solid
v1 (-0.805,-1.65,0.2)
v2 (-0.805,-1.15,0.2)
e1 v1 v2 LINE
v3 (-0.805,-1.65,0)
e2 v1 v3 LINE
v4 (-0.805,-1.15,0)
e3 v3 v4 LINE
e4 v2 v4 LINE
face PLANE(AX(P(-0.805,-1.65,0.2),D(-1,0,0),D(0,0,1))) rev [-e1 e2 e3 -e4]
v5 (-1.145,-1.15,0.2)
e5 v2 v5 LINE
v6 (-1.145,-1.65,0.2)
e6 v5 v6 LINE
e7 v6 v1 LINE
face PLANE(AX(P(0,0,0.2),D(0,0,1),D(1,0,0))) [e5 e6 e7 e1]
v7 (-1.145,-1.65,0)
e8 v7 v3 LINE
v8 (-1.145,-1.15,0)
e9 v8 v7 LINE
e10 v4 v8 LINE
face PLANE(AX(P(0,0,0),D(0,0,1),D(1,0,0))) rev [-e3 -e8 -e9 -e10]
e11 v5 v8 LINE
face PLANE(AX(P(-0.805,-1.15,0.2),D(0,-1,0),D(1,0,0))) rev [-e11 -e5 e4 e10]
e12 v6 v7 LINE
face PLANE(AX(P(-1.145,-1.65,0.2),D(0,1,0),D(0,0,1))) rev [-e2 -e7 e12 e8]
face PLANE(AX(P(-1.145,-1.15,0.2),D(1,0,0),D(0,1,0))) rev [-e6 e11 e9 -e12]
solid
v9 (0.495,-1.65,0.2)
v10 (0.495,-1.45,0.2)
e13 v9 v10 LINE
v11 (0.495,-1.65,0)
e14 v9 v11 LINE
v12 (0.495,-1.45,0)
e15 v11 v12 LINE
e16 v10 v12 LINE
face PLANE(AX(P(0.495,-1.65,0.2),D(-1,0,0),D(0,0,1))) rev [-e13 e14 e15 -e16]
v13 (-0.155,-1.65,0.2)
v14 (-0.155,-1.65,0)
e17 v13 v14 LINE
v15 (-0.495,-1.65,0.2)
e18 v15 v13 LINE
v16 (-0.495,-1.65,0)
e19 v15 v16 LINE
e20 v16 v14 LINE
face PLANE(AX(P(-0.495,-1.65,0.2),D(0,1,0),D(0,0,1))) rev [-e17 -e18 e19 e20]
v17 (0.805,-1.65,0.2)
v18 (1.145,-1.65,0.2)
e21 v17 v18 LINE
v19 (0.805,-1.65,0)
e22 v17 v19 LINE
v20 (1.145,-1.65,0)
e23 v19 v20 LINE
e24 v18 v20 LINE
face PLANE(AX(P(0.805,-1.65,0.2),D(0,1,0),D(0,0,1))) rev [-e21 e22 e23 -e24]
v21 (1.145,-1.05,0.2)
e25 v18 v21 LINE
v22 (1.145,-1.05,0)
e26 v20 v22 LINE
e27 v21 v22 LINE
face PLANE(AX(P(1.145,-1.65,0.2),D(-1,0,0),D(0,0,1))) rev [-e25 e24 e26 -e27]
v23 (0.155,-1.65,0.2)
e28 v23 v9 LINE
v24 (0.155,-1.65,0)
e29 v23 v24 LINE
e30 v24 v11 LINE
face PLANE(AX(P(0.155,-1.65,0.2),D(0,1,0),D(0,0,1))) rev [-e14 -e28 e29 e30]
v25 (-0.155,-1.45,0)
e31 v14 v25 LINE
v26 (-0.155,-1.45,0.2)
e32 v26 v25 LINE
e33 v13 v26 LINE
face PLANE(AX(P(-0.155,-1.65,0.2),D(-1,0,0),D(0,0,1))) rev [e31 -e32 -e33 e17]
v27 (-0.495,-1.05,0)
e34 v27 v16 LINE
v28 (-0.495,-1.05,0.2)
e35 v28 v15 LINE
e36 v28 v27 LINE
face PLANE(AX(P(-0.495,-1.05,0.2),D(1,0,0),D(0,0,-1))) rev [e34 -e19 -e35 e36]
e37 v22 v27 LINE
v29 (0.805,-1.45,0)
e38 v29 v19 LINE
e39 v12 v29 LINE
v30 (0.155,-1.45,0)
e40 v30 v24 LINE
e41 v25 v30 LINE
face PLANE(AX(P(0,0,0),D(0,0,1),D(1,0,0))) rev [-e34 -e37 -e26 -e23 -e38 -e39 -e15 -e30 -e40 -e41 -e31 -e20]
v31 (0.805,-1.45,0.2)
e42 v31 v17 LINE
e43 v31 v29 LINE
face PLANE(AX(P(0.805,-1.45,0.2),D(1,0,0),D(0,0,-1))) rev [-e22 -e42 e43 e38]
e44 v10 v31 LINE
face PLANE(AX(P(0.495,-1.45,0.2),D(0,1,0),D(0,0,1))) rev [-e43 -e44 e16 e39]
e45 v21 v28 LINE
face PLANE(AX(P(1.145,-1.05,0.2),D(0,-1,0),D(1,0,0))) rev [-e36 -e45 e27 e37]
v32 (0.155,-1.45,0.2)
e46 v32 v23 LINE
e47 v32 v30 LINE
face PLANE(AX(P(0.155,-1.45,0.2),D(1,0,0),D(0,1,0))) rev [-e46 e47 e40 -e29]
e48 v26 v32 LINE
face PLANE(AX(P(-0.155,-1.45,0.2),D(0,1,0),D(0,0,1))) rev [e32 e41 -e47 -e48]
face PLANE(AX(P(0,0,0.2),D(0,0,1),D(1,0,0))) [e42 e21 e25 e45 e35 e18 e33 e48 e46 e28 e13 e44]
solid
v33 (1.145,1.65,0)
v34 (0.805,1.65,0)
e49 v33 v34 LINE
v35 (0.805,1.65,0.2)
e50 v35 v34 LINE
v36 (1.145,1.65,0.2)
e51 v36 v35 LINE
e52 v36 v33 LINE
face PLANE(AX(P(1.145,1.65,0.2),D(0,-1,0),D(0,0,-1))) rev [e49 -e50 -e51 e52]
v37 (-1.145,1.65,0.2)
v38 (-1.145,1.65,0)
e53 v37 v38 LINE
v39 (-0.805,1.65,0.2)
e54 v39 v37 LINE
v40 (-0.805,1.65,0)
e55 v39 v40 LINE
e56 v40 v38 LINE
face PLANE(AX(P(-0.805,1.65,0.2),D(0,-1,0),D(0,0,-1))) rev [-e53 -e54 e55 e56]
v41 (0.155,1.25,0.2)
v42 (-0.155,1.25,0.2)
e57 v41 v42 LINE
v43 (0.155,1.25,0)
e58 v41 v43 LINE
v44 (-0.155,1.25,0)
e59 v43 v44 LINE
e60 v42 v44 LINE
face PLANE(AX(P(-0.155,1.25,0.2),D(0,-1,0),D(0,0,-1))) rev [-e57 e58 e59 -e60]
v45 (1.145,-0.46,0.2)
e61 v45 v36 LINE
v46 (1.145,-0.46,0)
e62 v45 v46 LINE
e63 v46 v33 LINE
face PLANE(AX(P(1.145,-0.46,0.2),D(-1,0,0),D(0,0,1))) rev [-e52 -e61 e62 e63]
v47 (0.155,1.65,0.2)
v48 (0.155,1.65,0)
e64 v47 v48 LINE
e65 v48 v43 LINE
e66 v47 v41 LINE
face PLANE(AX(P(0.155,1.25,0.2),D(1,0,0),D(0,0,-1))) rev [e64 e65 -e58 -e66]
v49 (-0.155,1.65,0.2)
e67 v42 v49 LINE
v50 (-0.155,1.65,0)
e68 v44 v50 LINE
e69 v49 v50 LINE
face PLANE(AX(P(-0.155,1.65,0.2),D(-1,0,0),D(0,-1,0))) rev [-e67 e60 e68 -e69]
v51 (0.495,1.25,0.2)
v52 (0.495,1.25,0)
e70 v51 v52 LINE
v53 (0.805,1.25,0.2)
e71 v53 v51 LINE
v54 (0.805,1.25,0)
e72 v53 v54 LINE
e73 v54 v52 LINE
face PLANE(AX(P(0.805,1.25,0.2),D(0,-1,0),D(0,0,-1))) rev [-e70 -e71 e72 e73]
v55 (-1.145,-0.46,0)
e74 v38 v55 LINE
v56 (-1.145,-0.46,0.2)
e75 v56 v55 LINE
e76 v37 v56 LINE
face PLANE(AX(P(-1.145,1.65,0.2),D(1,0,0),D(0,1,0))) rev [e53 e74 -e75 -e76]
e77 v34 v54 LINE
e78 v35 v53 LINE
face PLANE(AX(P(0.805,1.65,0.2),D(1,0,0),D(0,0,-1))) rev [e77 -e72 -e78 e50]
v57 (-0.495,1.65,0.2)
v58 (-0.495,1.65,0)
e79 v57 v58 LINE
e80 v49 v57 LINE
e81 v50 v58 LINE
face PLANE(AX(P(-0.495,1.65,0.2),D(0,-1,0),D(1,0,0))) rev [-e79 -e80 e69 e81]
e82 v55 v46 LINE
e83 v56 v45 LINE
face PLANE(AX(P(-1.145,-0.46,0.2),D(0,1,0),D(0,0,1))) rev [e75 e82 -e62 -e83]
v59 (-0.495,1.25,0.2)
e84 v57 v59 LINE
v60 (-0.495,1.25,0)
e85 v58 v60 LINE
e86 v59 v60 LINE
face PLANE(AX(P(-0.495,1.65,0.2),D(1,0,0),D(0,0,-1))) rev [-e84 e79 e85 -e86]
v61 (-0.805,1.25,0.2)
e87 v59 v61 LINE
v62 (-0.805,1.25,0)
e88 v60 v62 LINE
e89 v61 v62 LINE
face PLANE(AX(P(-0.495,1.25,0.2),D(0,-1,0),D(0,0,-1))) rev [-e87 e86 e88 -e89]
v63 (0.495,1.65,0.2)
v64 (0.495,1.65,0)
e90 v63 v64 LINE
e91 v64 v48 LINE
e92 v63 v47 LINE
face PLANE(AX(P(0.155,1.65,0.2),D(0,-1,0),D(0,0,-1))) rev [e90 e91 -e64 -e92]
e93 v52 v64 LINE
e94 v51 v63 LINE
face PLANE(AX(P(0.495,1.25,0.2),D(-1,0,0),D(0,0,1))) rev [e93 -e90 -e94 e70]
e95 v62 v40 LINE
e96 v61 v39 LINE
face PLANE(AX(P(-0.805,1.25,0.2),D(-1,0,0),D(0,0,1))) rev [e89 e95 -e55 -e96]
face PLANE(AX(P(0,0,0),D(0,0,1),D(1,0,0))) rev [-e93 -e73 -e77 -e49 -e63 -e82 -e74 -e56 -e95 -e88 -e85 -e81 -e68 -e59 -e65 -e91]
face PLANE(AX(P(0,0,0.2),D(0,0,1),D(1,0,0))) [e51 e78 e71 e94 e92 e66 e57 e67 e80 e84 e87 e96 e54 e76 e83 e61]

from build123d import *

# Parameters (mm, degrees)
EXTRUDE_1_DEPTH   = 0.2
EXTRUDE_1_2_DEPTH = 0.2
SKETCH_2_W        = 0.34
SKETCH_2_H        = 0.5
EXTRUDE_1_3_DEPTH = 0.2


with BuildPart() as part:
    # Эскиз2 → Бобышка-Вытянуть1 (new body)
    with BuildSketch(Plane.XY):
        Polygon((-1.145, 1.65), (-1.145, -0.46), (1.145, -0.46), (1.145, 1.65), (0.805, 1.65), (0.805, 1.25), (0.495, 1.25), (0.495, 1.65), (0.155, 1.65), (0.155, 1.25), (-0.155, 1.25), (-0.155, 1.65), (-0.495, 1.65), (-0.495, 1.25), (-0.805, 1.25), (-0.805, 1.65), align=None)
    extrude(amount=EXTRUDE_1_DEPTH)


with BuildPart() as body_2:
    # Эскиз2 → Extrude 1 2 (new body)
    with BuildSketch(Plane.XY):
        Polygon((1.145, -1.65), (1.145, -1.05), (-0.495, -1.05), (-0.495, -1.65), (-0.155, -1.65), (-0.155, -1.45), (0.155, -1.45), (0.155, -1.65), (0.495, -1.65), (0.495, -1.45), (0.805, -1.45), (0.805, -1.65), align=None)
    extrude(amount=EXTRUDE_1_2_DEPTH)


with BuildPart() as body_3:
    # Эскиз2 → Extrude 1 3 (new body)
    with BuildSketch(Plane.XY):
        with Locations((-0.975, -1.4)):
            Rectangle(SKETCH_2_W, SKETCH_2_H)
    extrude(amount=EXTRUDE_1_3_DEPTH)


solid = Compound([part.part, body_2.part, body_3.part])
